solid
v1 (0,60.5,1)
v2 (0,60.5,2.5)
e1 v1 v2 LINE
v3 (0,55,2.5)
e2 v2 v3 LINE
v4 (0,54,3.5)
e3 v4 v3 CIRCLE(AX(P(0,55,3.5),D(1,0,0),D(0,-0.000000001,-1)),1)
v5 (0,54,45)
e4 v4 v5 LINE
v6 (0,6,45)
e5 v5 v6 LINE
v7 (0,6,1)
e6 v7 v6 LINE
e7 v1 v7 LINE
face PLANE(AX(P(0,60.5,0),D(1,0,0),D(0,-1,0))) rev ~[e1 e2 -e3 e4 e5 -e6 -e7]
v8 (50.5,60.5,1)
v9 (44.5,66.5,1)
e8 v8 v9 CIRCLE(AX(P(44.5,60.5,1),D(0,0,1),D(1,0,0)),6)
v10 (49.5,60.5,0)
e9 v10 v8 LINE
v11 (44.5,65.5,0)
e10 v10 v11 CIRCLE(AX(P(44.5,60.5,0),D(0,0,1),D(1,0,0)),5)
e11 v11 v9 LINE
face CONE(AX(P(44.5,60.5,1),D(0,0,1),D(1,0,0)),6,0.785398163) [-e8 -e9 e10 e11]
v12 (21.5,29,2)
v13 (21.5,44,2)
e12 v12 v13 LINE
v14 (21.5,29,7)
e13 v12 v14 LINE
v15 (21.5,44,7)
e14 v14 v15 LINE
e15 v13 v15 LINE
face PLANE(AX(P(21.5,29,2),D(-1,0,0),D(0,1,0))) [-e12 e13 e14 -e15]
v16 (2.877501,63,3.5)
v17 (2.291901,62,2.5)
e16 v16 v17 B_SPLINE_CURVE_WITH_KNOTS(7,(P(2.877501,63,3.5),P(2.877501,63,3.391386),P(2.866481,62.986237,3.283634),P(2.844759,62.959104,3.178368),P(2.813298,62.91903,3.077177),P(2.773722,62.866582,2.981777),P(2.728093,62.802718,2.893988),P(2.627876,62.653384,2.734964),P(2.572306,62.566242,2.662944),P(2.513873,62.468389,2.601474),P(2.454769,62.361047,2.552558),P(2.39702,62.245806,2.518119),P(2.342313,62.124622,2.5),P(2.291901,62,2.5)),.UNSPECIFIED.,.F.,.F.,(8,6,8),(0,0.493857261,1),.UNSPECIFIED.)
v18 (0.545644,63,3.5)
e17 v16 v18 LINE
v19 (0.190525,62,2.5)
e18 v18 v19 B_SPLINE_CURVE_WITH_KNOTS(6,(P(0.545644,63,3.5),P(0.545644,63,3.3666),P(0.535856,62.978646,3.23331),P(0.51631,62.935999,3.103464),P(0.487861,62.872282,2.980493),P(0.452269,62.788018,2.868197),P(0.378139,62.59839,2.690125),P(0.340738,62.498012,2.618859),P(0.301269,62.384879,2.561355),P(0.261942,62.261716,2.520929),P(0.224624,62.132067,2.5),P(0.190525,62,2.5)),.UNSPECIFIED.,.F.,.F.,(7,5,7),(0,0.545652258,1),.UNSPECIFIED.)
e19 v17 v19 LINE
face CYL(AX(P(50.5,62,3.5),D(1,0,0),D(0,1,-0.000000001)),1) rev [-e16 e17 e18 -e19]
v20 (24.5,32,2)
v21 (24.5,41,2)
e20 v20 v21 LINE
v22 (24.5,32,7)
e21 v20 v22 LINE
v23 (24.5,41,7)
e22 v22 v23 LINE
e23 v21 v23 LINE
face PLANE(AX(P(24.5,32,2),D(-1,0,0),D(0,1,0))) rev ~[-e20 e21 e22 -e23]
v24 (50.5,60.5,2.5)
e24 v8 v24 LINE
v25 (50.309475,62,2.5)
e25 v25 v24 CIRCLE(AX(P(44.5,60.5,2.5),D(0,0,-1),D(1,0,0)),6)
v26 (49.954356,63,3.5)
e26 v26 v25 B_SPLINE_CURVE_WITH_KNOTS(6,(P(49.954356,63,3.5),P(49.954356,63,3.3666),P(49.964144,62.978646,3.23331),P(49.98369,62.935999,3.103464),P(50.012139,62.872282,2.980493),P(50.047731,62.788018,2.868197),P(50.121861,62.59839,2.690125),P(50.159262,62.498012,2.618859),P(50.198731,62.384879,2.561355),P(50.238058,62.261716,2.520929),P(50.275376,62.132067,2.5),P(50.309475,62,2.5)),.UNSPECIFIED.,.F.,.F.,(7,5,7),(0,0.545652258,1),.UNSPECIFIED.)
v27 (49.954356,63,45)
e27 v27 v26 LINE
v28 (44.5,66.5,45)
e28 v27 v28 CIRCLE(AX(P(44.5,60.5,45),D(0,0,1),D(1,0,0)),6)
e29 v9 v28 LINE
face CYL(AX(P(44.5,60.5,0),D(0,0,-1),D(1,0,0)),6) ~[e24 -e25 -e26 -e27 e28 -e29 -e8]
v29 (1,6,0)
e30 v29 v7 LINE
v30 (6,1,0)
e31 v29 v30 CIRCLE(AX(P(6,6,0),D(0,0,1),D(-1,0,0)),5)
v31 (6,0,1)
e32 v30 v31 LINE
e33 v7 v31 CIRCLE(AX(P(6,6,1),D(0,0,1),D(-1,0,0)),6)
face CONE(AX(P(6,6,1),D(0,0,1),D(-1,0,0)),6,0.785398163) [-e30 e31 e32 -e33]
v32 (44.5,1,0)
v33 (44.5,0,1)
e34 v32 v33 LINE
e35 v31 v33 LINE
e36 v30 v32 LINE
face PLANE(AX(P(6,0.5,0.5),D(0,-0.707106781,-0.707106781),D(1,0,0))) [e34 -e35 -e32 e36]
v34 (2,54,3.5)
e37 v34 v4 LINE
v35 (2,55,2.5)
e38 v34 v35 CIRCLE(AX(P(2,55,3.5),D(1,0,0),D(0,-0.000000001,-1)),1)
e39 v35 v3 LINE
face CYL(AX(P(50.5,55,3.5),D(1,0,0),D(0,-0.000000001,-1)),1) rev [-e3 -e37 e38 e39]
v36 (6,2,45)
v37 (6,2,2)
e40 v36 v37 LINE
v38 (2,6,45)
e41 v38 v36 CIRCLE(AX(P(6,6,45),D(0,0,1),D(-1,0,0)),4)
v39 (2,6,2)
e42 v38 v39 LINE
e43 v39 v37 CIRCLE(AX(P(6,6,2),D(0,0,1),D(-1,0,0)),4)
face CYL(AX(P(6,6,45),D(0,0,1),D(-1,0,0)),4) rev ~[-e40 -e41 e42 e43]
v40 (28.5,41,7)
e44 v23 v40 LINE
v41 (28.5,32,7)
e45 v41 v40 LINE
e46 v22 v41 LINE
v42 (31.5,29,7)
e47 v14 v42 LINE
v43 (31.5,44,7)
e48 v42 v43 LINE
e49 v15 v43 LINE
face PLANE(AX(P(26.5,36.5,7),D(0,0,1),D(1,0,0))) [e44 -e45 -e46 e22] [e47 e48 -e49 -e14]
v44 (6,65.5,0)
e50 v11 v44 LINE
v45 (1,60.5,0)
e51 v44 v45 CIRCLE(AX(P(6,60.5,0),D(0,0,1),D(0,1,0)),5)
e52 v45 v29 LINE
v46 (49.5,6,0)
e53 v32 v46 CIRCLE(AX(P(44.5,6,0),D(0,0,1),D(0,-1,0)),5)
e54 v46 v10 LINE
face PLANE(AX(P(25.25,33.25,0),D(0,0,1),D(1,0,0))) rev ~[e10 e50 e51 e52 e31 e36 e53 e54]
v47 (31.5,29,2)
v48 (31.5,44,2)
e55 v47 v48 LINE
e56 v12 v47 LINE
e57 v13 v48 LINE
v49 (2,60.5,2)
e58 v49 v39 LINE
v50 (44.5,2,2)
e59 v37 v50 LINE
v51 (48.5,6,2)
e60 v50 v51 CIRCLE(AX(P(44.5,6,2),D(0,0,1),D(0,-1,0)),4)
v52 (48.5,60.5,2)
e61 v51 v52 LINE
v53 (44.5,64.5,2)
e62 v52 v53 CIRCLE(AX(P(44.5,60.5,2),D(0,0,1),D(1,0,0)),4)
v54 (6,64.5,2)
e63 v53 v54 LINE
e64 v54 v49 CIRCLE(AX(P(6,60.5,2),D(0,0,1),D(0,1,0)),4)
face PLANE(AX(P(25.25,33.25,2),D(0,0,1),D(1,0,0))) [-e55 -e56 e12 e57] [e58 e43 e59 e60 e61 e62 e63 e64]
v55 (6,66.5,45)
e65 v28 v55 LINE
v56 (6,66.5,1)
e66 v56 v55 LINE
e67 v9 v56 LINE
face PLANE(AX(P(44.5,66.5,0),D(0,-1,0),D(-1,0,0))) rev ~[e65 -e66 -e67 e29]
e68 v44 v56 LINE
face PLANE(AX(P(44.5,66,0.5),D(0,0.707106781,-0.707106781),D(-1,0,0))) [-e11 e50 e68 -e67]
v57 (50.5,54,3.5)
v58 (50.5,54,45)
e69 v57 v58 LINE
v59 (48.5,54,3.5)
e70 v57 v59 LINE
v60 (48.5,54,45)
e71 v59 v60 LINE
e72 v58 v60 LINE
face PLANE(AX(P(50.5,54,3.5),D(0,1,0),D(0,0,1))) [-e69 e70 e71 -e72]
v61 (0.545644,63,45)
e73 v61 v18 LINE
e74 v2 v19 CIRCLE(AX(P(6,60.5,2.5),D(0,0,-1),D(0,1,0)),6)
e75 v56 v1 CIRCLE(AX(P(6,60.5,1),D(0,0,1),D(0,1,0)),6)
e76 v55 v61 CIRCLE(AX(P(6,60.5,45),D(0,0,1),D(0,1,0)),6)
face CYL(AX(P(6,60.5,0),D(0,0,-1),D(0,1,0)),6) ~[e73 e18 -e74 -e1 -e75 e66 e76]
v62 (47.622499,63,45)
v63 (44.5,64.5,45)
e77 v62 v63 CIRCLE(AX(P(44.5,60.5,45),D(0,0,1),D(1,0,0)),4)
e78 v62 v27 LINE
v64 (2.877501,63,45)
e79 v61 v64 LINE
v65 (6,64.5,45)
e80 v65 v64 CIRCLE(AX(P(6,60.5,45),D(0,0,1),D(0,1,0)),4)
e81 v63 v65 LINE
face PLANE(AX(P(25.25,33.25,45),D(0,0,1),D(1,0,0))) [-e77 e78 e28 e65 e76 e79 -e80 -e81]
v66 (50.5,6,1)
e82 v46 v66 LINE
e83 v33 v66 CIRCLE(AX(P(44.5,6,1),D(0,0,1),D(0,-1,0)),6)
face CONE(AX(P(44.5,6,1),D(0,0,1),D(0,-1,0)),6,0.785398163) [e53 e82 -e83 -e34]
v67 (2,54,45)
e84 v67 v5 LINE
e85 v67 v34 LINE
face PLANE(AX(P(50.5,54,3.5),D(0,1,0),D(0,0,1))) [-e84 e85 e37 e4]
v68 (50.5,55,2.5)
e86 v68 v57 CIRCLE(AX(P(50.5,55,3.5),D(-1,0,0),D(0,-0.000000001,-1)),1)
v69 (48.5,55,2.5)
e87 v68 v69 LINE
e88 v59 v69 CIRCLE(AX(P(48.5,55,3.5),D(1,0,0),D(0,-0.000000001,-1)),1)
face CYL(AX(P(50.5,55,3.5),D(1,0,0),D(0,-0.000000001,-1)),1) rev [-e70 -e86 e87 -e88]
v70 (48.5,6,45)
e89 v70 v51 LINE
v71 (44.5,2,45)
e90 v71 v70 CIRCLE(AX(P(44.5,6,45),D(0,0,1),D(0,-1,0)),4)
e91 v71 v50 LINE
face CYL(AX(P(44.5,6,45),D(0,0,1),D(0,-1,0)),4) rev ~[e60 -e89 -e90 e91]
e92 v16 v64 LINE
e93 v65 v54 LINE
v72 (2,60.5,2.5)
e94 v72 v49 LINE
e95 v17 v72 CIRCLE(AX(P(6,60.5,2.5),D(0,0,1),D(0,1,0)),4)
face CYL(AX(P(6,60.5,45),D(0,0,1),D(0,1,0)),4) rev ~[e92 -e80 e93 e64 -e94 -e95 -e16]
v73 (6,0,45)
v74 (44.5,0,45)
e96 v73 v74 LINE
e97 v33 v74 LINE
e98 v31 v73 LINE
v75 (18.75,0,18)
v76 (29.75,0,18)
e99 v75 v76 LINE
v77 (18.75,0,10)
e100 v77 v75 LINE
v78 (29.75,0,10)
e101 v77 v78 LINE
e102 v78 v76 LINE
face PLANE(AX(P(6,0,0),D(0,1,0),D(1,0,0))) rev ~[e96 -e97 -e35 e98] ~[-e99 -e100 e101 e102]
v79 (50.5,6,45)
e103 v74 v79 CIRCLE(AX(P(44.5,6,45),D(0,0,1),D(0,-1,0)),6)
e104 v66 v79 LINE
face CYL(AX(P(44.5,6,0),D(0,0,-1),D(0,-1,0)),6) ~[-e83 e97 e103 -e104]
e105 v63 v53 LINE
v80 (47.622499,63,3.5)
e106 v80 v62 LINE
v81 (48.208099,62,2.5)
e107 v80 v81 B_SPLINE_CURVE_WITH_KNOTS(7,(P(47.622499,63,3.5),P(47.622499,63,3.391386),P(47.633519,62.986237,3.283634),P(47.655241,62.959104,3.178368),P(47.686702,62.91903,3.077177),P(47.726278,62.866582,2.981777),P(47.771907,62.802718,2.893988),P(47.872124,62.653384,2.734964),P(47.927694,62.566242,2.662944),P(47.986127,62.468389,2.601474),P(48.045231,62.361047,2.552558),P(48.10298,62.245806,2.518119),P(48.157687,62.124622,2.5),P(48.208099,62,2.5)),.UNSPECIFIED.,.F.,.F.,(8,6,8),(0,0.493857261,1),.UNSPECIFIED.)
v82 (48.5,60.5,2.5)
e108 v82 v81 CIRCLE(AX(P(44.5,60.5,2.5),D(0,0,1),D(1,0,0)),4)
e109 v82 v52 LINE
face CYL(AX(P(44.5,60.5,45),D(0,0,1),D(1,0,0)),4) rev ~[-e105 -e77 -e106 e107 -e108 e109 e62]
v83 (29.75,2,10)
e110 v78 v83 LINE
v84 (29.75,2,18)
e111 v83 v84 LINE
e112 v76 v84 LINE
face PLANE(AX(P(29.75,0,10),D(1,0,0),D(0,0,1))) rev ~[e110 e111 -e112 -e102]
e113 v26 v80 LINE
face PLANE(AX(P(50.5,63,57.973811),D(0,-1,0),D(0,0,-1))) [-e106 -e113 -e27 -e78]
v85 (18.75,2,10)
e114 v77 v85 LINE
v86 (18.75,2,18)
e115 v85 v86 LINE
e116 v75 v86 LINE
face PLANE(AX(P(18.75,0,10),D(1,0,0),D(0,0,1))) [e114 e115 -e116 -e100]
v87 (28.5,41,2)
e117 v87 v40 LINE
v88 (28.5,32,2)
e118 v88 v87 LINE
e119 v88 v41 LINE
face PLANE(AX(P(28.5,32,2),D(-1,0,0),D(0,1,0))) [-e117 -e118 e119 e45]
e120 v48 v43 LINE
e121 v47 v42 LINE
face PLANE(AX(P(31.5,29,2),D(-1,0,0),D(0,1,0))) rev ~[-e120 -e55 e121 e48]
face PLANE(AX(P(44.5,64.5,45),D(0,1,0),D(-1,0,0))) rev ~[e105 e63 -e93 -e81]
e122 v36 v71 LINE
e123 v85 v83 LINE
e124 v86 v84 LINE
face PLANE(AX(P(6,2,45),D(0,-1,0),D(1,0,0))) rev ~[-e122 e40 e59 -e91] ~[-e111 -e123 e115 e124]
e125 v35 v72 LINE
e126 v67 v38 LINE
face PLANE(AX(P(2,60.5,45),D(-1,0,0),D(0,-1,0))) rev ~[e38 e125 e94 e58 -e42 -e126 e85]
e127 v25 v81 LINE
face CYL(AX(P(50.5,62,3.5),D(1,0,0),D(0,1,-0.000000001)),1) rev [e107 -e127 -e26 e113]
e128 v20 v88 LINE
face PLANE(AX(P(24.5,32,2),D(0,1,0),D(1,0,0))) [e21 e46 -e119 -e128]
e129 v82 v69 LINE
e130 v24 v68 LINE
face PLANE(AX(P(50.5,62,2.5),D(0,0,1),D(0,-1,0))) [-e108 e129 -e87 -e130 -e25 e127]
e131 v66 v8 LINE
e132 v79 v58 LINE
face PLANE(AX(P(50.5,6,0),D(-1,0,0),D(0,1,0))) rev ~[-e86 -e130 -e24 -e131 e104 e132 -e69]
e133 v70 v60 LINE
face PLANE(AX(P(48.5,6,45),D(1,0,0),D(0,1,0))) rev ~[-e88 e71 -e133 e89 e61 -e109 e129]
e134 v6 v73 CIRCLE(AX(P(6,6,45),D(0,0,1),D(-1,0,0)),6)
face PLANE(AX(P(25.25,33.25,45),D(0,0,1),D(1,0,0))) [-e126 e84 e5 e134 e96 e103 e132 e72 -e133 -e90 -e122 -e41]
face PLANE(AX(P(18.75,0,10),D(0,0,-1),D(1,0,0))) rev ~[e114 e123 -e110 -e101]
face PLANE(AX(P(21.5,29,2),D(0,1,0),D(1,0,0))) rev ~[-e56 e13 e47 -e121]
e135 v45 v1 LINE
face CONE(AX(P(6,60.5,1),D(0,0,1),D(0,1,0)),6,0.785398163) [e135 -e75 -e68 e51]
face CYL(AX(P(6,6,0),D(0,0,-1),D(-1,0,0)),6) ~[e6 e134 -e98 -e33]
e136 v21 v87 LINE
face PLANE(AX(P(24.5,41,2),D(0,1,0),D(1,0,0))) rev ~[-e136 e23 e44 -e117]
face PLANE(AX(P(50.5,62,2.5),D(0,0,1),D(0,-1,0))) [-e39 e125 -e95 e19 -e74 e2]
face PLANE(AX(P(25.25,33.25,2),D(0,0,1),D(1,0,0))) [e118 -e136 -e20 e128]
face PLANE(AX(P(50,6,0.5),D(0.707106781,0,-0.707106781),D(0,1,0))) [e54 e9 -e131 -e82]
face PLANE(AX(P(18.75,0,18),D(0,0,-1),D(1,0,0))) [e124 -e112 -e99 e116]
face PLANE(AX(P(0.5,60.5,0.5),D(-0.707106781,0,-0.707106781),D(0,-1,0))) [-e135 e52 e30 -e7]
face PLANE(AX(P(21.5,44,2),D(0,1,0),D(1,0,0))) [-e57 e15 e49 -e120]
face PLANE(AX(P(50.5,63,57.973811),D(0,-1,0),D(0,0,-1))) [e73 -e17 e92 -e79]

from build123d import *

# Parameters (mm, degrees)
BOSS_EXTRU_1_DEPTH      = 45
ENL_V_MAT_EXTRU_1_DEPTH = 43
ENL_V_MAT_EXTRU_2_DEPTH = 95.855152733
CHANFREIN1_SIZE         = 1
ESQUISSE6_W             = 10
ESQUISSE6_H             = 15
ESQUISSE6_W_2           = 4
ESQUISSE6_H_2           = 9
BOSS_EXTRU_2_DEPTH      = 5
ESQUISSE8_W             = 11
ESQUISSE8_H             = 8
ENL_V_MAT_EXTRU_5_DEPTH = 10


with BuildPart() as part:
    # Esquisse1 → Boss.-Extru.1 (new body)
    with BuildSketch(Plane.XY):
        with BuildLine():
            Line((6, 0), (44.5, 0))
            ThreePointArc((44.5, 0), (48.742640687, 1.757359313), (50.5, 6))
            Line((50.5, 6), (50.5, 60.5))
            ThreePointArc((50.5, 60.5), (48.742640687, 64.742640687), (44.5, 66.5))
            Line((44.5, 66.5), (6, 66.5))
            ThreePointArc((6, 66.5), (1.757359313, 64.742640687), (0, 60.5))
            Line((0, 60.5), (0, 6))
            ThreePointArc((0, 6), (1.757359313, 1.757359313), (6, 0))
        make_face()
    extrude(amount=BOSS_EXTRU_1_DEPTH)

    # Esquisse3 → Enlèv. mat.-Extru.1 (cut)
    with BuildSketch(Plane.XY.offset(45)):
        with BuildLine():
            Line((2, 60.5), (2, 6))
            ThreePointArc((2, 6), (3.171572875, 3.171572875), (6, 2))
            Line((6, 2), (44.5, 2))
            ThreePointArc((44.5, 2), (47.328427125, 3.171572875), (48.5, 6))
            Line((48.5, 6), (48.5, 60.5))
            ThreePointArc((48.5, 60.5), (47.328427125, 63.328427125), (44.5, 64.5))
            Line((44.5, 64.5), (6, 64.5))
            ThreePointArc((6, 64.5), (3.171572875, 63.328427125), (2, 60.5))
        make_face()
    extrude(amount=-ENL_V_MAT_EXTRU_1_DEPTH, mode=Mode.SUBTRACT)

    # Esquisse4 → Enlèv. mat.-Extru.2 (cut, through all)
    with BuildSketch(Plane(origin=(50.5, 0, 0), x_dir=(0, 0, -1), z_dir=(1, 0, 0))):
        with BuildLine():
            Line((-57.973811458, 63), (-3.5, 63))
            ThreePointArc((-3.5, 63), (-2.792893219, 62.707106781), (-2.5, 62))
            Line((-2.5, 62), (-2.5, 55))
            ThreePointArc((-2.5, 55), (-2.792893219, 54.292893219), (-3.5, 54))
            Line((-3.5, 54), (-57.973811458, 54))
            Line((-57.973811458, 54), (-57.973811458, 63))
        make_face()
    extrude(amount=-ENL_V_MAT_EXTRU_2_DEPTH, mode=Mode.SUBTRACT)

    # Chanfrein1
    chanfrein1_edges = [part.edges().sort_by_distance(p)[0] for p in [
        (50.5, 33.25, 0),
        (48.742640687, 1.757359313, 0),
        (25.25, 0, 0),
        (1.757359313, 1.757359313, 0),
        (0, 33.25, 0),
        (1.757359313, 64.742640687, 0),
        (25.25, 66.5, 0),
        (48.742640687, 64.742640687, 0),
    ]]
    chamfer(chanfrein1_edges, length=CHANFREIN1_SIZE)

    # Esquisse6 → Boss.-Extru.2 (add)
    with BuildSketch(Plane.XY.offset(2)):
        with Locations((26.5, 36.5)):
            Rectangle(ESQUISSE6_W, ESQUISSE6_H)
        with Locations((26.5, 36.5)):
            Rectangle(ESQUISSE6_W_2, ESQUISSE6_H_2, mode=Mode.SUBTRACT)
    extrude(amount=BOSS_EXTRU_2_DEPTH)

    # Esquisse8 → Enlèv. mat.-Extru.5 (cut)
    with BuildSketch(Plane.XZ):
        with Locations((24.25, 14)):
            Rectangle(ESQUISSE8_W, ESQUISSE8_H)
    extrude(amount=-ENL_V_MAT_EXTRU_5_DEPTH, mode=Mode.SUBTRACT)


solid = part.part
